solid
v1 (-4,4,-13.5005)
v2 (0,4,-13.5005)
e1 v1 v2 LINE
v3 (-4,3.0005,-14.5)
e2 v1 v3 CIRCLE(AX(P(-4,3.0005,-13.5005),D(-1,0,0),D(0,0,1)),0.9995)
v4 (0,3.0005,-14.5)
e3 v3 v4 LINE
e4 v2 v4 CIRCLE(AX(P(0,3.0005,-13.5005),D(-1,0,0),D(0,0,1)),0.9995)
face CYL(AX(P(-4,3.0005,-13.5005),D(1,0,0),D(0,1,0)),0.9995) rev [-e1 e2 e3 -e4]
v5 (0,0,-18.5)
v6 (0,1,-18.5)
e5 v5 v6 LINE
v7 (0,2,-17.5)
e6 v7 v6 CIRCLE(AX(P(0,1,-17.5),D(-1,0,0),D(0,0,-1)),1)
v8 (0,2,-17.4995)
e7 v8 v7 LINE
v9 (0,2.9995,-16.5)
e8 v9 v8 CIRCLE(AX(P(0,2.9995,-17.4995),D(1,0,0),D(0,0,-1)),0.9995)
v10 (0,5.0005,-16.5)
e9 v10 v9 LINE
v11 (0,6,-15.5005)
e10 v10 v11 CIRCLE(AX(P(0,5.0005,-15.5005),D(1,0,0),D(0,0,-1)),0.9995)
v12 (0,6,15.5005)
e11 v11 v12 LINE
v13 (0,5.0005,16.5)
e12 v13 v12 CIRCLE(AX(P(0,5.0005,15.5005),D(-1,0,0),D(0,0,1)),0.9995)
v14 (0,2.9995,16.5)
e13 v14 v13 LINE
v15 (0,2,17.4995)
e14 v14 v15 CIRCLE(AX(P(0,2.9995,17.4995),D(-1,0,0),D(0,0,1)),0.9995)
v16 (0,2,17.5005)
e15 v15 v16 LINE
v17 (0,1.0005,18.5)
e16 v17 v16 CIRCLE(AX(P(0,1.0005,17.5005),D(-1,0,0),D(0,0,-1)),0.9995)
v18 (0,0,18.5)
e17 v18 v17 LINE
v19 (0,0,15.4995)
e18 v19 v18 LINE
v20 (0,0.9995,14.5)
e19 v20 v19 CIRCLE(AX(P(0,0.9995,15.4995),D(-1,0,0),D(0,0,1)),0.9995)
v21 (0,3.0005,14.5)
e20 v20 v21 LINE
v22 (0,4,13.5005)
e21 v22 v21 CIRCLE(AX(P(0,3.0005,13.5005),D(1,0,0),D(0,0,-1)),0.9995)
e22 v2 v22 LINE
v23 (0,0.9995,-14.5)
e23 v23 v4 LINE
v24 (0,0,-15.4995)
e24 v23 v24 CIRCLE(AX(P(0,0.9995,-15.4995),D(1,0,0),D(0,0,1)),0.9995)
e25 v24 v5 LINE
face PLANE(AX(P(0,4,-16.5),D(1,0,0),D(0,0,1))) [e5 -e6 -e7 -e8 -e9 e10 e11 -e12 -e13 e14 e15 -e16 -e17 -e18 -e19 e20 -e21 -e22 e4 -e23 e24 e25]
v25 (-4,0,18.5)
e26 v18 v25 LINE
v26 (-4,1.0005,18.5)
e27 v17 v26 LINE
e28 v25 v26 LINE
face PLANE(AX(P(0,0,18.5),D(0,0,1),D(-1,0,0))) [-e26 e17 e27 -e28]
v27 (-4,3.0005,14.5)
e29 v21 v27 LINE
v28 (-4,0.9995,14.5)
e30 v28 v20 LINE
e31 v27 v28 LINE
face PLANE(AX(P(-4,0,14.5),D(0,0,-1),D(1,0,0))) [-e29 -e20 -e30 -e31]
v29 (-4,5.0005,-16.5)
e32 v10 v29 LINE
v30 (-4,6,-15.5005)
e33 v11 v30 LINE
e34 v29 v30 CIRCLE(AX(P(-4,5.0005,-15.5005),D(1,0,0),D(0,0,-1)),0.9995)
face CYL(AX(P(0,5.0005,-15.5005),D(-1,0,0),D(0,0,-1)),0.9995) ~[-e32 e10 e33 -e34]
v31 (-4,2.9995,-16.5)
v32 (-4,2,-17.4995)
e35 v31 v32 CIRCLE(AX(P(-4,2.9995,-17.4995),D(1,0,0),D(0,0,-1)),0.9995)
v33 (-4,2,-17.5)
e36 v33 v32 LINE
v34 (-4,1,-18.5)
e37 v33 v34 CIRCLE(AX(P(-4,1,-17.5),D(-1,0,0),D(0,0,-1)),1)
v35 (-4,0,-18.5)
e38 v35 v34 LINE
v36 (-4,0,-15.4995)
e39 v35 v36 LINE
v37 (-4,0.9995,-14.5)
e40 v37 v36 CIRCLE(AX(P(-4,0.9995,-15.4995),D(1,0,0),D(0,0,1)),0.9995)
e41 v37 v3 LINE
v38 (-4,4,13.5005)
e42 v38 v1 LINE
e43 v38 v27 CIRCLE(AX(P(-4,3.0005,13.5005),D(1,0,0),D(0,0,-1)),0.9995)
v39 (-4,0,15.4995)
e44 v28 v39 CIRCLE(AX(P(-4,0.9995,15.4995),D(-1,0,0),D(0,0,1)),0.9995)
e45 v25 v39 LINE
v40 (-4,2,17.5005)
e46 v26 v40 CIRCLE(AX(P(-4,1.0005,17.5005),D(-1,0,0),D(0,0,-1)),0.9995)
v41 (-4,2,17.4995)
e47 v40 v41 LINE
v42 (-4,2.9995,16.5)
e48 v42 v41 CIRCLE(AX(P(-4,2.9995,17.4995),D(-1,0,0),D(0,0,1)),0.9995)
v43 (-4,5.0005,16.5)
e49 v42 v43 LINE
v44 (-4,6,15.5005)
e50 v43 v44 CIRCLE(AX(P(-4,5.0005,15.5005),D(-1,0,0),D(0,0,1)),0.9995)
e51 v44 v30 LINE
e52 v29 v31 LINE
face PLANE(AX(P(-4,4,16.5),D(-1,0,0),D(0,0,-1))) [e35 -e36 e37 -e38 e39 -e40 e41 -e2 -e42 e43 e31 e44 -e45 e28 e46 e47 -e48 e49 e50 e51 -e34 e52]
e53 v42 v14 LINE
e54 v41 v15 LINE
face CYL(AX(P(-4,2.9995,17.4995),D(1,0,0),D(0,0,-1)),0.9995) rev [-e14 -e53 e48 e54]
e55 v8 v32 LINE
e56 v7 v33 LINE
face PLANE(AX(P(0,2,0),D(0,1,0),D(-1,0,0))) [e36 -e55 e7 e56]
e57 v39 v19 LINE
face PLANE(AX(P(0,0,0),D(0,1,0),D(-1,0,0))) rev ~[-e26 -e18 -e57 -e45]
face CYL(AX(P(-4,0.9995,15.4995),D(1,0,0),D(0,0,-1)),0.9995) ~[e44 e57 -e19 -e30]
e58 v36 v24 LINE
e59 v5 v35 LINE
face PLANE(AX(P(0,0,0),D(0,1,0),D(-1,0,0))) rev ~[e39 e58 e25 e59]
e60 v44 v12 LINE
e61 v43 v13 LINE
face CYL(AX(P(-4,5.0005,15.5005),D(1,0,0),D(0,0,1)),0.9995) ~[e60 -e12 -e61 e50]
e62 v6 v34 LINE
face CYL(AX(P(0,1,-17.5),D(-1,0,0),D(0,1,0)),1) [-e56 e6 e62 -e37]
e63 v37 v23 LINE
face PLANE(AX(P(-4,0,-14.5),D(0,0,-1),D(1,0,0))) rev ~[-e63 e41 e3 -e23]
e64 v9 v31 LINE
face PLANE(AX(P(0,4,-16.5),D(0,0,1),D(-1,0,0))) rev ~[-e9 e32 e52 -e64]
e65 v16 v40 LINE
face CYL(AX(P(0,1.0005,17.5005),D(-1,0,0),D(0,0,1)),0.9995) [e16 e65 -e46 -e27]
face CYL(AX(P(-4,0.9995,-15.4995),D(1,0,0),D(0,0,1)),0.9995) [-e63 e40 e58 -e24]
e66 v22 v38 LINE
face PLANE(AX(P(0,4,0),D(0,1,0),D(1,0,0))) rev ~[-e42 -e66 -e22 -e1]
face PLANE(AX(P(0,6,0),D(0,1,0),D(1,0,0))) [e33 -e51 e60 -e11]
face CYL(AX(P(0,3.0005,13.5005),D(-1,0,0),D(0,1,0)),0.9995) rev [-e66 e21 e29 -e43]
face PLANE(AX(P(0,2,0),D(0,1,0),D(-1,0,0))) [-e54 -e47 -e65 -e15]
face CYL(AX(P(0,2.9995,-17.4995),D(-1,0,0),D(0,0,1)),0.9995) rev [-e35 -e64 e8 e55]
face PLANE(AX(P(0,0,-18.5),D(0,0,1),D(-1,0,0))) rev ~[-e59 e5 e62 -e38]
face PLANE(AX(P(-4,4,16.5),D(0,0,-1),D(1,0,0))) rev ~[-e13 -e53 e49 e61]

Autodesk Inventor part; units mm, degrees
ref_plane "YZ Plane" through (0, 0, 0) normal (1, 0, 0) x (0, 1, 0)
ref_plane "XZ Plane" through (0, 0, 0) normal (0, 1, 0) x (-1, 0, 0)
ref_plane "XY Plane" through (0, 0, 0) normal (0, 0, 1) x (1, 0, 0)
sketch "Sketch1" plane through (0, 0, 0) normal (0, 1, 0) x (-1, 0, 0)
  line L0 (0, 18.5) -> (4, 18.5)
  line L1 (4, 18.5) -> (4, 14.5)
  line L2 (4, 14.5) -> (0, 14.5)
  line L3 (0, 14.5) -> (0, 18.5)
  line L4 (4, -14.5) -> (0, -14.5)
  line L5 (0, -14.5) -> (0, -18.5)
  line L6 (0, -18.5) -> (4, -18.5)
  line L7 (4, -18.5) -> (4, -14.5)
  line L8 (4, 14.5) -> (4, -14.5) construction
  point P0 (0, 0)
  point P1 (4, 0)
  dimension "d0" = 37
  dimension "d1" = 4
extrude "Extrusion1" add sketch "Sketch1" along normal blind 2
sketch "Sketch2" plane through (0, 2, 0) normal (0, 1, 0) x (1, 0, 0)
  line L0 (-4, -14.5) -> (-4, -18.5) projected
  line L1 (0, 14.5) -> (0, 18.5) projected
  line L2 (-4, -16.5) -> (0, -16.5)
  line L3 (0, -16.5) -> (0, 16.5)
  line L4 (0, 16.5) -> (-4, 16.5)
  line L5 (-4, 16.5) -> (-4, -16.5)
  line L6 (0, -14.5) -> (-4, -14.5) projected
  line L7 (-4, 14.5) -> (0, 14.5) projected
  point P0 (0, 0)
  dimension "d4" = 2
  dimension "d5" = 2
extrude "Extrusion2" add sketch "Sketch2" along normal blind 2 contours L6 L3 L2 L0 | L5 L4 L1 L7
sketch "Sketch3" plane through (0, 4, 0) normal (0, 1, 0) x (1, 0, 0)
  line L0 (-4, -16.5) -> (0, -16.5) projected
  line L1 (0, 16.5) -> (-4, 16.5) projected
  line L2 (0, -16.5) -> (-4, -16.5)
  line L3 (-4, -16.5) -> (-4, 16.5)
  line L4 (-4, 16.5) -> (0, 16.5)
  line L5 (0, 16.5) -> (0, -16.5)
  point P0 (0, 0)
extrude "Extrusion3" add sketch "Sketch3" along normal blind 2
fillet "Fillet3" radius 1 9 edges at (-2, 2, 16.5) (-2, 2, 18.5) (-2, 2, -16.5) (-2, 0, 14.5) (-2, 0, -14.5) (-2, 4, -14.5) (-2, 4, 14.5) (-2, 6, -16.5) (-2, 6, 16.5)
fillet "Fillet4" radius 1 1 edges at (-2, 2, -18.5)
properties part number "screen_support"
